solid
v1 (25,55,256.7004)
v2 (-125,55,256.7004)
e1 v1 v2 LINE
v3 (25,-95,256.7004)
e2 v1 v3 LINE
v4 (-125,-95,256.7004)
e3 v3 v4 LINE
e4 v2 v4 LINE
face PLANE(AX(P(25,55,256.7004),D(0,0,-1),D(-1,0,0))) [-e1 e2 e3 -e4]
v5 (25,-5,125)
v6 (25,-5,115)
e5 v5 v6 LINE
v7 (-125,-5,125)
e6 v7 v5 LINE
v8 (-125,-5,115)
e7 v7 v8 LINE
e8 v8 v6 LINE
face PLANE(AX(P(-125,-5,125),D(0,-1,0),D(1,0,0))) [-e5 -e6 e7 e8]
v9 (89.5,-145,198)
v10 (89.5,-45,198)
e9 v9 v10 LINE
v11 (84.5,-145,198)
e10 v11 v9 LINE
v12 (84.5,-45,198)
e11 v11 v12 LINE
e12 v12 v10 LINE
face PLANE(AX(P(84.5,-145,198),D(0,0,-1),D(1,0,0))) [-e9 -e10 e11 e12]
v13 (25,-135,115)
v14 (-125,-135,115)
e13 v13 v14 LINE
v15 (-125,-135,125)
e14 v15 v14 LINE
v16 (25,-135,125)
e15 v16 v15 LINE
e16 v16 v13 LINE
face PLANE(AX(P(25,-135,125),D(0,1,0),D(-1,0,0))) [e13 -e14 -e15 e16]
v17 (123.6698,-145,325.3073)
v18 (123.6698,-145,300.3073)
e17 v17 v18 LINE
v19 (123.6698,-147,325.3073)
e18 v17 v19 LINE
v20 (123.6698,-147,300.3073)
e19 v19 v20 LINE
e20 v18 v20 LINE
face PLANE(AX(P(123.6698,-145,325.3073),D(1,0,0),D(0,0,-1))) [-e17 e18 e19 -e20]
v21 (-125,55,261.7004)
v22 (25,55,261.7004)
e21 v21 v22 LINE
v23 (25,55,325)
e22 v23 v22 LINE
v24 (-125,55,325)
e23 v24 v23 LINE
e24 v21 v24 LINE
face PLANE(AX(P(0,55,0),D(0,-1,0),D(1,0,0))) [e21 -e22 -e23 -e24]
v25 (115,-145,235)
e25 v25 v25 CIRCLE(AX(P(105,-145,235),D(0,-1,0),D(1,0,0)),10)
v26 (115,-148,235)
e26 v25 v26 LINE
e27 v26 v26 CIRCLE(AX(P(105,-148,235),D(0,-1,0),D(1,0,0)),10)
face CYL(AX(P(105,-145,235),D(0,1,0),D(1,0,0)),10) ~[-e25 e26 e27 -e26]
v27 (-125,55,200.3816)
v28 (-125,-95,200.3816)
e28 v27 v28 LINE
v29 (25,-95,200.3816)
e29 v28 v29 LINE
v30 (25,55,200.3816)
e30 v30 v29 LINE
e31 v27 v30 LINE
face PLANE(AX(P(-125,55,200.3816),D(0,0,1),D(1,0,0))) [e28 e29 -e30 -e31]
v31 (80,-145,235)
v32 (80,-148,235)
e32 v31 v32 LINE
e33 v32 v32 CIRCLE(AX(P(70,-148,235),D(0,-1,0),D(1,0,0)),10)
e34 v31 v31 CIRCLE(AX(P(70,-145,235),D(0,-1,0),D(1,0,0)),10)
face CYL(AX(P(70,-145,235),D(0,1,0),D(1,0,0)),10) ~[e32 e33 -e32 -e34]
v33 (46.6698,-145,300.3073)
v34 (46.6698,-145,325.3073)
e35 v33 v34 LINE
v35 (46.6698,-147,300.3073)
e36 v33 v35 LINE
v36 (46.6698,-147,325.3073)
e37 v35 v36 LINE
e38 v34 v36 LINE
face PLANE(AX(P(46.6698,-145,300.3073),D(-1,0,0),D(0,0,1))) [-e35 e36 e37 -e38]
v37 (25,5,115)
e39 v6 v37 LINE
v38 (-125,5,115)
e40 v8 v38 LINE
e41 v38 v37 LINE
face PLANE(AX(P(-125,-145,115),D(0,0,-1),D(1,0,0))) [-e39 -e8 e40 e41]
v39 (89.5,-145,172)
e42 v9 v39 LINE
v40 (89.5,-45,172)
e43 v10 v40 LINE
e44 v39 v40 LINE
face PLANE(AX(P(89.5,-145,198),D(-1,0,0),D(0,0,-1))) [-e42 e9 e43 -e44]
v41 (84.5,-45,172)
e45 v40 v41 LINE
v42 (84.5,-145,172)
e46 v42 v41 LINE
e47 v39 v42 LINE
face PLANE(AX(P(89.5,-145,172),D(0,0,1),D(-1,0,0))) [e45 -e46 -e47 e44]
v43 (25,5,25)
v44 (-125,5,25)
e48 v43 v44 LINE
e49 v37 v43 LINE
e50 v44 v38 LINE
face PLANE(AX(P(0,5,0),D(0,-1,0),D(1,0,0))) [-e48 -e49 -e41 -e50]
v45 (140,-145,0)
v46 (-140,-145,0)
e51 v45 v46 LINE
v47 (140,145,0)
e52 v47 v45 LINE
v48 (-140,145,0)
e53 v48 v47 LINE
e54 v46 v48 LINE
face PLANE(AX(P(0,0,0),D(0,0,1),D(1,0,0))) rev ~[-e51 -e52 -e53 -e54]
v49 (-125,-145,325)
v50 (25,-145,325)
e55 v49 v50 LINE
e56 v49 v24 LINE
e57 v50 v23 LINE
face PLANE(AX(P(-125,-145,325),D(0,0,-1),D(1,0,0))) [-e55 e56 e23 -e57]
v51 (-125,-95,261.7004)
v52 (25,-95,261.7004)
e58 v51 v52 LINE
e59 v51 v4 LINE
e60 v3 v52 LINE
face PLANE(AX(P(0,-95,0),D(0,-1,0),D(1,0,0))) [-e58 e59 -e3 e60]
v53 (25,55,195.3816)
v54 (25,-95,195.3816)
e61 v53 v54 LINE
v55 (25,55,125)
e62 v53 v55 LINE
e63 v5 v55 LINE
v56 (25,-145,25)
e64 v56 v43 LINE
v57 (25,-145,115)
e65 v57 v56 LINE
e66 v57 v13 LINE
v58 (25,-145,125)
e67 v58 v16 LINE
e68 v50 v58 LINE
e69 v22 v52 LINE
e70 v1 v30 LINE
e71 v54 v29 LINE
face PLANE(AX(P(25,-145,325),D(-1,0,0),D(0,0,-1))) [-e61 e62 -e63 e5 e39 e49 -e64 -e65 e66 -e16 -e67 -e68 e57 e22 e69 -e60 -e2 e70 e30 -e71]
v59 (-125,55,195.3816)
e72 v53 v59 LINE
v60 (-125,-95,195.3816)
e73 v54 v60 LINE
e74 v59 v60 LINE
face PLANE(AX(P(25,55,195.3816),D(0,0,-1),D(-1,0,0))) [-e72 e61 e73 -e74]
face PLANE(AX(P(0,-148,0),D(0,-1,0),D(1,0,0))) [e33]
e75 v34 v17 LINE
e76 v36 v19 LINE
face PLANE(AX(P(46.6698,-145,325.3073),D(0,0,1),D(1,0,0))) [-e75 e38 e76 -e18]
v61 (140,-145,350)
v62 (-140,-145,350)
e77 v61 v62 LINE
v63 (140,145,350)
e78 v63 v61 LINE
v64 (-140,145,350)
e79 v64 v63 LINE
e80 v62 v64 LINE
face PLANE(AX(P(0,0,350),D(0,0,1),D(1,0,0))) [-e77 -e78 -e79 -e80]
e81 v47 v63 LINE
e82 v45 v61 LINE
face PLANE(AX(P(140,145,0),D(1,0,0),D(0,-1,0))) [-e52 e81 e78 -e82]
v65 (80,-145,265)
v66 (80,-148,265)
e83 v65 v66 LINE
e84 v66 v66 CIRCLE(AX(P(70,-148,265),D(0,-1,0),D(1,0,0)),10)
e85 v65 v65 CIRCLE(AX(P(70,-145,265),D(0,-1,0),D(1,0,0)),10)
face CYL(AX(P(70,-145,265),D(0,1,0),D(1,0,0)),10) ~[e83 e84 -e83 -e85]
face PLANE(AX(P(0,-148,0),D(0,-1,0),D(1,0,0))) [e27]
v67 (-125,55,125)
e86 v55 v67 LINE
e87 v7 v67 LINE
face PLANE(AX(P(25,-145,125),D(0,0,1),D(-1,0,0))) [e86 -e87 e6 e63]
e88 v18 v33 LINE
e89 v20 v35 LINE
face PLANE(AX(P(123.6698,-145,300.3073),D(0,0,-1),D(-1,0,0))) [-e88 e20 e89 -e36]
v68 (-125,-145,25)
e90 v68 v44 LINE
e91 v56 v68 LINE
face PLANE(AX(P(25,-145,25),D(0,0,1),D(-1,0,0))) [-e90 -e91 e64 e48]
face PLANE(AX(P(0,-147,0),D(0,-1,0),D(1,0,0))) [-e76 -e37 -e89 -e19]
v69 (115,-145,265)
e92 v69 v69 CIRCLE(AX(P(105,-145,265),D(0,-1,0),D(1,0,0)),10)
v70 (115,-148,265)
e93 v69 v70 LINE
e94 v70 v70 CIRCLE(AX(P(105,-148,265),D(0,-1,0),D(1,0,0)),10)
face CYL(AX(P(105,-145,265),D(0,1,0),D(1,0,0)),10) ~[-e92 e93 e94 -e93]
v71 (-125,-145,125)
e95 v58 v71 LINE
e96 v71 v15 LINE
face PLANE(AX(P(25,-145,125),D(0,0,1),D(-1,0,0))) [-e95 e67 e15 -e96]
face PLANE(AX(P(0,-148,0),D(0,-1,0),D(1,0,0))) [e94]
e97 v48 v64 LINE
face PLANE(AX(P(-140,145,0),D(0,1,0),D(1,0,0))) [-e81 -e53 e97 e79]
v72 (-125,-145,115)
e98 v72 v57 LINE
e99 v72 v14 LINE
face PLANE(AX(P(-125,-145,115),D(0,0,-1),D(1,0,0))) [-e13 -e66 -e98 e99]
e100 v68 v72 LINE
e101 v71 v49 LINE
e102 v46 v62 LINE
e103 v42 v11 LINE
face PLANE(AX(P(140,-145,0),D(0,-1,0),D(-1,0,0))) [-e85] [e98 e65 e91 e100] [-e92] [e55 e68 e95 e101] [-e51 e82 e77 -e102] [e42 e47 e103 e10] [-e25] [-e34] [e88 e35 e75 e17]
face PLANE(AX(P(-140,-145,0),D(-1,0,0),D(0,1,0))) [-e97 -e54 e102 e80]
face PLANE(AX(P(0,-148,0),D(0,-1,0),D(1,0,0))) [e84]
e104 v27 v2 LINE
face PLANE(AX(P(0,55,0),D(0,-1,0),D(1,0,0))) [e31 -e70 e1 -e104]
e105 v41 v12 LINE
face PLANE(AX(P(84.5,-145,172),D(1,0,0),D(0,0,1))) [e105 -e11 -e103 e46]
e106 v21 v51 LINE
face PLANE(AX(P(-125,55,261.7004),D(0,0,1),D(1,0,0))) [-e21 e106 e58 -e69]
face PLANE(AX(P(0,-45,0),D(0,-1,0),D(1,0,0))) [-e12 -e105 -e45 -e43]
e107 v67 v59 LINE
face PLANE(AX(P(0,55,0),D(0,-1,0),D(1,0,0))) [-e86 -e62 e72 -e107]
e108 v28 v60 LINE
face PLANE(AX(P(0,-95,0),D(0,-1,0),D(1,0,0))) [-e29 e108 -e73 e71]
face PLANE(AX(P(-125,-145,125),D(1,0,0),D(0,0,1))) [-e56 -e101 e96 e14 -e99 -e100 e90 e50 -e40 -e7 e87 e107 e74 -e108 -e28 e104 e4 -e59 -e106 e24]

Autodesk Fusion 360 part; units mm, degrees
sketch "Sketch1" plane through (0, 0, 0) normal (0, 0, 1) x (1, 0, 0)
  line L0 (140, -145) -> (-140, -145)
  line L1 (-140, -145) -> (-140, 145)
  line L2 (-140, 145) -> (140, 145)
  line L3 (140, 145) -> (140, -145)
  line L4 (140, -145) -> (-140, 145) construction
  line L5 (-140, -145) -> (140, 145) construction
  dimension "d1" = 280
  dimension "d2" = 290
extrude "Extrude1" add sketch "Sketch1" along normal blind 350
sketch "Sketch2" plane through (0, -145, 0) normal (0, -1, 0) x (1, 0, 0)
  line L0 (-140, 0) -> (140, 0)
  line L1 (140, 0) -> (140, 350)
  line L2 (140, 350) -> (-140, 350)
  line L3 (-140, 350) -> (-140, 0)
  line L4 (25, 125) -> (-125, 125)
  line L5 (-125, 125) -> (-125, 325)
  line L6 (-125, 325) -> (25, 325)
  line L7 (25, 325) -> (25, 125)
  line L8 (25, 125) -> (-125, 325) construction
  line L9 (-125, 125) -> (25, 325) construction
  point P0 (-50, 225)
extrude "Extrude2" cut sketch "Sketch2" against normal blind 200 contours L4 L5 L6 L7
sketch "Sketch3" plane through (0, -145, 0) normal (0, -1, 0) x (1, 0, 0)
  line L0 (-125, 125) -> (-125, 325)
  line L1 (-125, 325) -> (25, 325)
  line L2 (25, 325) -> (25, 125)
  line L3 (25, 125) -> (-125, 125)
  line L4 (-140, 0) -> (140, 0)
  line L5 (140, 0) -> (140, 350)
  line L6 (140, 350) -> (-140, 350)
  line L7 (-140, 350) -> (-140, 0)
  line L8 (123.6698, 300.3073) -> (46.6698, 300.3073)
  line L9 (46.6698, 300.3073) -> (46.6698, 325.3073)
  line L10 (46.6698, 325.3073) -> (123.6698, 325.3073)
  line L11 (123.6698, 325.3073) -> (123.6698, 300.3073)
  line L12 (123.6698, 300.3073) -> (46.6698, 325.3073) construction
  line L13 (46.6698, 300.3073) -> (123.6698, 325.3073) construction
  circle A0 centre (70, 260) radius 9
  circle A1 centre (100, 260) radius 9
  circle A2 centre (70, 230) radius 9
  circle A3 centre (100, 230) radius 9
  line L14 (25, 22.9549) -> (-125, 22.9549)
  line L15 (-125, 22.9549) -> (-125, 112.9549)
  line L16 (-125, 112.9549) -> (25, 112.9549)
  line L17 (25, 112.9549) -> (25, 22.9549)
  line L18 (25, 22.9549) -> (-125, 112.9549) construction
  line L19 (-125, 22.9549) -> (25, 112.9549) construction
  line L20 (85, 185) -> (95, 185)
  line L21 (95, 185) -> (95, 160)
  line L22 (95, 160) -> (85, 160)
  line L23 (85, 160) -> (85, 185)
  point P0 (85.1698, 312.8073)
  point P1 (-50, 67.9549)
  dimension "d7" = 77
  dimension "d8" = 25
  dimension "d9" = 18
  dimension "d10" = 18
  dimension "d11" = 18
  dimension "d12" = 18
  dimension "d13" = 150
  dimension "d14" = 90
extrude "Extrude3" add sketch "Sketch3" along normal blind 2 contours L8 L9 L10 L11
sketch "Sketch4" plane through (0, 55, 0) normal (0, -1, 0) x (1, 0, 0)
  line L0 (25, 325) -> (-125, 325)
  line L1 (-125, 325) -> (-125, 125)
  line L2 (-125, 125) -> (25, 125)
  line L3 (25, 125) -> (25, 325)
  line L4 (-125, 200.3816) -> (25, 200.3816)
  line L5 (25, 200.3816) -> (25, 195.3816)
  line L6 (25, 195.3816) -> (-125, 195.3816)
  line L7 (-125, 195.3816) -> (-125, 200.3816)
  line L8 (-125, 261.7004) -> (25, 261.7004)
  line L9 (25, 261.7004) -> (25, 256.7004)
  line L10 (25, 256.7004) -> (-125, 256.7004)
  line L11 (-125, 256.7004) -> (-125, 261.7004)
  dimension "d17" = 5
  dimension "d18" = 150
  dimension "d19" = 5
extrude "Extrude4" add sketch "Sketch4" along normal blind 150 contours L1 L3 L8 L9 L10 L11 | L1 L3 L4 L5 L6 L7
sketch "Sketch5" plane through (0, 0, 125) normal (0, 0, 1) x (-1, 0, 0)
  line L0 (125, 145) -> (-25, 145)
  line L1 (-25, 145) -> (-25, -55)
  line L2 (-25, -55) -> (125, -55)
  line L3 (125, -55) -> (125, 145)
  line L4 (-25, 135) -> (125, 135)
  line L5 (125, 135) -> (125, 5)
  line L6 (125, 5) -> (-25, 5)
  line L7 (-25, 5) -> (-25, 135)
  line L8 (-25, 135) -> (125, 5) construction
  line L9 (125, 135) -> (-25, 5) construction
  point P0 (50, 70)
  dimension "d22" = 130
extrude "Extrude5" cut sketch "Sketch5" against normal blind 75 contours L1 L3 L4 L5 L6 L7
sketch "Sketch6" plane through (0, -145, 0) normal (0, -1, 0) x (1, 0, 0)
  line L0 (123.6698, 325.3073) -> (123.6698, 300.3073)
  line L1 (123.6698, 300.3073) -> (46.6698, 300.3073)
  line L2 (46.6698, 300.3073) -> (46.6698, 325.3073)
  line L3 (46.6698, 325.3073) -> (123.6698, 325.3073)
  line L4 (-125, 125) -> (-125, 325)
  line L5 (-125, 325) -> (25, 325)
  line L6 (25, 325) -> (25, 125)
  line L7 (25, 125) -> (-125, 125)
  line L8 (-140, 0) -> (140, 0)
  line L9 (140, 0) -> (140, 350)
  line L10 (140, 350) -> (-140, 350)
  line L11 (-140, 350) -> (-140, 0)
  line L12 (25, 25) -> (-125, 25)
  line L13 (-125, 25) -> (-125, 115)
  line L14 (-125, 115) -> (25, 115)
  line L15 (25, 115) -> (25, 25)
  line L16 (25, 25) -> (-125, 115) construction
  line L17 (-125, 25) -> (25, 115) construction
  point P0 (-50, 70)
  dimension "d25" = 150
  dimension "d26" = 90
extrude "Extrude6" cut sketch "Sketch6" against normal blind 150 contours L12 L13 L14 L15
sketch "Sketch7" plane through (0, -145, 0) normal (0, -1, 0) x (1, 0, 0)
  line L0 (-125, 25) -> (-125, 115)
  line L1 (-125, 115) -> (25, 115)
  line L2 (25, 115) -> (25, 25)
  line L3 (25, 25) -> (-125, 25)
  line L4 (123.6698, 325.3073) -> (123.6698, 300.3073)
  line L5 (123.6698, 300.3073) -> (46.6698, 300.3073)
  line L6 (46.6698, 300.3073) -> (46.6698, 325.3073)
  line L7 (46.6698, 325.3073) -> (123.6698, 325.3073)
  line L8 (-125, 125) -> (-125, 325)
  line L9 (-125, 325) -> (25, 325)
  line L10 (25, 325) -> (25, 125)
  line L11 (25, 125) -> (-125, 125)
  line L12 (-140, 0) -> (140, 0)
  line L13 (140, 0) -> (140, 350)
  line L14 (140, 350) -> (-140, 350)
  line L15 (-140, 350) -> (-140, 0)
  circle A0 centre (70, 265) radius 10
  circle A1 centre (105, 265) radius 10
  circle A2 centre (70, 235) radius 10
  circle A3 centre (105, 235) radius 10
  dimension "d29" = 20
  dimension "d30" = 20
  dimension "d31" = 20
  dimension "d32" = 20
extrude "Extrude7" add sketch "Sketch7" along normal blind 3 contours A0 | A1 | A2 | A3
sketch "Sketch8" plane through (0, -145, 0) normal (0, -1, 0) x (1, 0, 0)
  circle A0 centre (105, 235) radius 10
  circle A1 centre (70, 265) radius 10
  circle A2 centre (70, 235) radius 10
  circle A3 centre (105, 265) radius 10
  line L0 (-125, 25) -> (-125, 115)
  line L1 (-125, 115) -> (25, 115)
  line L2 (25, 115) -> (25, 25)
  line L3 (25, 25) -> (-125, 25)
  line L4 (123.6698, 325.3073) -> (123.6698, 300.3073)
  line L5 (123.6698, 300.3073) -> (46.6698, 300.3073)
  line L6 (46.6698, 300.3073) -> (46.6698, 325.3073)
  line L7 (46.6698, 325.3073) -> (123.6698, 325.3073)
  line L8 (-125, 125) -> (-125, 325)
  line L9 (-125, 325) -> (25, 325)
  line L10 (25, 325) -> (25, 125)
  line L11 (25, 125) -> (-125, 125)
  line L12 (-140, 0) -> (140, 0)
  line L13 (140, 0) -> (140, 350)
  line L14 (140, 350) -> (-140, 350)
  line L15 (-140, 350) -> (-140, 0)
  line L16 (89.5, 172) -> (84.5, 172)
  line L17 (84.5, 172) -> (84.5, 198)
  line L18 (84.5, 198) -> (89.5, 198)
  line L19 (89.5, 198) -> (89.5, 172)
  line L20 (89.5, 172) -> (84.5, 198) construction
  line L21 (84.5, 172) -> (89.5, 198) construction
  point P0 (87, 185)
  dimension "d35" = 5
  dimension "d36" = 26
extrude "Extrude8" cut sketch "Sketch8" against normal blind 100 contours L16 L17 L18 L19
